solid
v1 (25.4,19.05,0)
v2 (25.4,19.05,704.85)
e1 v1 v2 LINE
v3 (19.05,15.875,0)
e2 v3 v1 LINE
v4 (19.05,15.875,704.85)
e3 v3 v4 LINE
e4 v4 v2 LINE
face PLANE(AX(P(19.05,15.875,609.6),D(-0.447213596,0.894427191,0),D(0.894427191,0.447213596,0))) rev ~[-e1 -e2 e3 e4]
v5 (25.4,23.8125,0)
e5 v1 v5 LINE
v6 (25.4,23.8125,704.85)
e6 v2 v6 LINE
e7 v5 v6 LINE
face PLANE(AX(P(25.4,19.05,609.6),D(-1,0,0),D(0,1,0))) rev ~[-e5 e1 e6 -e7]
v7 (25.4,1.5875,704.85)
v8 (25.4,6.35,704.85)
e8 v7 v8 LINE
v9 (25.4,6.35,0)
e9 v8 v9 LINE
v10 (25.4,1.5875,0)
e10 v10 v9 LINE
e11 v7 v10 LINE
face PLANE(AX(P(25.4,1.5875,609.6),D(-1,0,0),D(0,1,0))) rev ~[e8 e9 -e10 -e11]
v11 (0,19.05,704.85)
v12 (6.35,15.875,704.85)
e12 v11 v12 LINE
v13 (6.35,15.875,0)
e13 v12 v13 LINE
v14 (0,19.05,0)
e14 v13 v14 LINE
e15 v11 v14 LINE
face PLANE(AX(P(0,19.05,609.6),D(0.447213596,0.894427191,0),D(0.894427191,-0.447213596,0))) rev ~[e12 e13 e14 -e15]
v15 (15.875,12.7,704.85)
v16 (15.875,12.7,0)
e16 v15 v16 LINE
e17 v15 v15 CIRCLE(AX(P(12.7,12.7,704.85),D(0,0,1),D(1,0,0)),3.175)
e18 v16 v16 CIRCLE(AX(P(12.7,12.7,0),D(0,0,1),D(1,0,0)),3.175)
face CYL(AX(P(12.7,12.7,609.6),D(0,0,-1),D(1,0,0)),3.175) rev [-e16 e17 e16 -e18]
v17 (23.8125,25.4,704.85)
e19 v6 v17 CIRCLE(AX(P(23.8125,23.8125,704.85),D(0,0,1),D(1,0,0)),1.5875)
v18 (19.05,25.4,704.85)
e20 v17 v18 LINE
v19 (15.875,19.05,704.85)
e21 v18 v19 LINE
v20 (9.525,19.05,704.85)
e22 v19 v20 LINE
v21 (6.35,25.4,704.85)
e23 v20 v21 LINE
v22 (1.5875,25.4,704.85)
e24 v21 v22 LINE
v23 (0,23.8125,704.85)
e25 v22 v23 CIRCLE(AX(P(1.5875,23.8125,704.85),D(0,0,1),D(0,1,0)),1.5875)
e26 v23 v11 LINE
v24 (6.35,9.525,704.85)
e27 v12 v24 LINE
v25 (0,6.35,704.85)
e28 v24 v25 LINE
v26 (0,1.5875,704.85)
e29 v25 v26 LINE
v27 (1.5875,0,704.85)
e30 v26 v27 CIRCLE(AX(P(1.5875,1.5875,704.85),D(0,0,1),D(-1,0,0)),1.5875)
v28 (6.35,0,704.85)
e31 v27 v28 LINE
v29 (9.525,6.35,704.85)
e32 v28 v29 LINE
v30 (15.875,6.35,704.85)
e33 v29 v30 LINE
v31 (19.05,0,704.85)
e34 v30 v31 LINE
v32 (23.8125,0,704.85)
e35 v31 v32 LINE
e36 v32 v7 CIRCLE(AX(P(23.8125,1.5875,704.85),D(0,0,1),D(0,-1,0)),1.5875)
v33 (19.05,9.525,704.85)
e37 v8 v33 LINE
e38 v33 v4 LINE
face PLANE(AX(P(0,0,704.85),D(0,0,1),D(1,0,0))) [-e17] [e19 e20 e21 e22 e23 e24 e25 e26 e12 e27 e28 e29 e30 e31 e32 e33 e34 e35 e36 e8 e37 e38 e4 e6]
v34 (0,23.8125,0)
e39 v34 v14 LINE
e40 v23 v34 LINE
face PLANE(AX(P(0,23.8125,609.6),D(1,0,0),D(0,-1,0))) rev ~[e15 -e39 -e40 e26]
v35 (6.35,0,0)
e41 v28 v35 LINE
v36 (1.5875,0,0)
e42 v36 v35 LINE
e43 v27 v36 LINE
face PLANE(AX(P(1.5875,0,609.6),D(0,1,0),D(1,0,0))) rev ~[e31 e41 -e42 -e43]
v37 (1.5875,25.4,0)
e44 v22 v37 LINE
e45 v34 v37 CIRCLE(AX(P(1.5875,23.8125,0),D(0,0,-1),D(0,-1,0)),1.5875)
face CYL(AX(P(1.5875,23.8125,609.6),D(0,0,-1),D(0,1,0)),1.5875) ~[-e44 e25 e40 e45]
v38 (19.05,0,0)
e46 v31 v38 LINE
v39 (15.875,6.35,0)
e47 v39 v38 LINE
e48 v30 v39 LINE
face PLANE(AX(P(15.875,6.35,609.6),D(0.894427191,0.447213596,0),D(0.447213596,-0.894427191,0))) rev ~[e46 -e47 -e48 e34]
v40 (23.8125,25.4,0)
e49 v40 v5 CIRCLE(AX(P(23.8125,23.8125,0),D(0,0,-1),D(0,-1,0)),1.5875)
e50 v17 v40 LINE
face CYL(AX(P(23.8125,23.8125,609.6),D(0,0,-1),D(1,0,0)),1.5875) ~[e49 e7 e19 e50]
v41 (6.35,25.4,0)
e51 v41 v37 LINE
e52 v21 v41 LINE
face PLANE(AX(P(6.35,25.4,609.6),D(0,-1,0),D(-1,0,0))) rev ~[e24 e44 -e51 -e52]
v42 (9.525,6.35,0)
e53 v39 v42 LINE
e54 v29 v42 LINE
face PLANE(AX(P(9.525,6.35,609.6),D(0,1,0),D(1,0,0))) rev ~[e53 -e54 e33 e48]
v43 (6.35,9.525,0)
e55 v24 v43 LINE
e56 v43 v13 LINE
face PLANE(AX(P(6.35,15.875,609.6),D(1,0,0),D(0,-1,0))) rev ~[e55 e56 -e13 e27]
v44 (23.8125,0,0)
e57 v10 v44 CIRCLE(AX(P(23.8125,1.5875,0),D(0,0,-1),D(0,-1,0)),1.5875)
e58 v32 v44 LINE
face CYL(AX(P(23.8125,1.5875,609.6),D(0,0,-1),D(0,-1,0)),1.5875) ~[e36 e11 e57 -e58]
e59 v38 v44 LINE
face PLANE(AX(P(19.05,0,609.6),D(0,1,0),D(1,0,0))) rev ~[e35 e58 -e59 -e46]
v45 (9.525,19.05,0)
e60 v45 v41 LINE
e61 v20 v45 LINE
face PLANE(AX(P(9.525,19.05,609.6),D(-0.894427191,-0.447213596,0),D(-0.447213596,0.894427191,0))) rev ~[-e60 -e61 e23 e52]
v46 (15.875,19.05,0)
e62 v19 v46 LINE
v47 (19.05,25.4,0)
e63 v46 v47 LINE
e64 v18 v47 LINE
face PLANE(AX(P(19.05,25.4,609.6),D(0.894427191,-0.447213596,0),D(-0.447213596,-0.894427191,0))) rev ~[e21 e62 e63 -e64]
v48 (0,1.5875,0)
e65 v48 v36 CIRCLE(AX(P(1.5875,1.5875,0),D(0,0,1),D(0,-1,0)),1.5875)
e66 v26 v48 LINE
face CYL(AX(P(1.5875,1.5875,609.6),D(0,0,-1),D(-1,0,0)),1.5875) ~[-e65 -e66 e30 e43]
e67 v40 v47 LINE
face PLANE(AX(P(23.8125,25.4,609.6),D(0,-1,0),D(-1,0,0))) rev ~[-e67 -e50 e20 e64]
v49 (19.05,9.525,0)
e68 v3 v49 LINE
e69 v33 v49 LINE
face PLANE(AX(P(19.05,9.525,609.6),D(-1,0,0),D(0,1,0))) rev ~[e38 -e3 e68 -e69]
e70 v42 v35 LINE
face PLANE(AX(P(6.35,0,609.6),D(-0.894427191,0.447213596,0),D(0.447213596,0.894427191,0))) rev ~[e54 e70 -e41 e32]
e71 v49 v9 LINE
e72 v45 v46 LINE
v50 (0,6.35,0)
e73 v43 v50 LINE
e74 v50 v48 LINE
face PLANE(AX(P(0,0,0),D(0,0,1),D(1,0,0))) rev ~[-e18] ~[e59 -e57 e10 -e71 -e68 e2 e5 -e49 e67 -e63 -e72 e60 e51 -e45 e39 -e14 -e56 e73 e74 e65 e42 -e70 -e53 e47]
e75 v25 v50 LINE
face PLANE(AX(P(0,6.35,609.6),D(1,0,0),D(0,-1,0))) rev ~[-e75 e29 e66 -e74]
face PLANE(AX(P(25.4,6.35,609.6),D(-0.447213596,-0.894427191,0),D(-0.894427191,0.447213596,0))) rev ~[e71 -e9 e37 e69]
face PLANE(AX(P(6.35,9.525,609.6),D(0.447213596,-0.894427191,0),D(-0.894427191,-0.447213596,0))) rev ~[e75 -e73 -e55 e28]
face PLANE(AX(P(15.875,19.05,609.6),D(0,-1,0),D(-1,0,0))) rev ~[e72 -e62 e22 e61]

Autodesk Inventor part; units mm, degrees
ref_plane "YZ Plane" through (0, 0, 0) normal (1, 0, 0) x (0, 1, 0)
ref_plane "XZ Plane" through (0, 0, 0) normal (0, 1, 0) x (-1, 0, 0)
ref_plane "XY Plane" through (0, 0, 0) normal (0, 0, 1) x (1, 0, 0)
sketch "Sketch1" plane through (0, 0, 0) normal (0, 0, 1) x (1, 0, 0)
  line L0 (0, 0) -> (25.4, 0)
  line L1 (25.4, 0) -> (25.4, 25.4)
  line L2 (25.4, 25.4) -> (0, 25.4)
  line L3 (0, 25.4) -> (0, 0)
  circle A0 centre (12.7, 12.7) radius 3.175
  dimension "d0" = 25.4
  dimension "d1" = 25.4
  dimension "d2" = 6.35
  dimension "d7" = 12.7
  dimension "d8" = 12.7
extrude "Extrusion1" add sketch "Sketch1" along normal blind 609.6
sketch "Sketch2" plane through (0, 0, 609.6) normal (0, 0, 1) x (1, 0, 0)
  line L0 (25.4, 25.4) -> (0, 25.4) projected
  line L1 (0, 25.4) -> (0, 0) projected
  circle A0 centre (12.7, 12.7) radius 3.175 projected
  line L2 (0, 0) -> (25.4, 0) projected
  line L3 (25.4, 0) -> (25.4, 25.4) projected
  line L4 (25.4, 25.4) -> (0, 25.4) projected
  line L5 (0, 25.4) -> (0, 0) projected
  line L6 (12.7, 19.05) -> (9.525, 19.05)
  line L7 (9.525, 19.05) -> (15.875, 19.05)
  line L8 (15.875, 19.05) -> (19.05, 25.4)
  line L9 (9.525, 19.05) -> (6.35, 25.4)
  dimension "d13" = 6.35
  dimension "d14" = 6.35
  dimension "d15" = 3.175
  dimension "d16" = 6.35
fillet "Fillet1" radius 1.5875 4 edges at (25.4, 25.4, 304.8) (0, 25.4, 304.8) (25.4, 0, 304.8) (0, 0, 304.8)
extrude "Extrusion2" cut sketch "Sketch2" against normal blind 609.6 contours L8 L7 L6 L9 L0
pattern_circular "Circular Pattern1" count 4 over 360 about axis through (12.7, 12.7, 0) along (0, 0, 1) of "Extrusion2"
sketch "Sketch3" plane through (0, 0, 609.6) normal (0, 0, 1) x (1, 0, 0)
  line L0 (19.05, 15.875) -> (25.4, 19.05) projected
  line L1 (25.4, 19.05) -> (25.4, 23.8125) projected
  arc A0 (25.4, 23.8125) -> (23.8125, 25.4) centre (23.8125, 23.8125) ccw projected
  line L2 (23.8125, 25.4) -> (19.05, 25.4) projected
  line L3 (19.05, 25.4) -> (15.875, 19.05) projected
  line L4 (15.875, 19.05) -> (9.525, 19.05) projected
  line L5 (9.525, 19.05) -> (6.35, 25.4) projected
  line L6 (6.35, 25.4) -> (1.5875, 25.4) projected
  arc A1 (1.5875, 25.4) -> (0, 23.8125) centre (1.5875, 23.8125) ccw projected
  line L7 (0, 23.8125) -> (0, 19.05) projected
  line L8 (0, 19.05) -> (6.35, 15.875) projected
  line L9 (6.35, 15.875) -> (6.35, 9.525) projected
  line L10 (6.35, 9.525) -> (0, 6.35) projected
  line L11 (0, 6.35) -> (0, 1.5875) projected
  arc A2 (0, 1.5875) -> (1.5875, 0) centre (1.5875, 1.5875) ccw projected
  line L12 (1.5875, 0) -> (6.35, 0) projected
  line L13 (6.35, 0) -> (9.525, 6.35) projected
  line L14 (9.525, 6.35) -> (15.875, 6.35) projected
  line L15 (15.875, 6.35) -> (19.05, 0) projected
  line L16 (19.05, 0) -> (23.8125, 0) projected
  arc A3 (23.8125, 0) -> (25.4, 1.5875) centre (23.8125, 1.5875) ccw projected
  line L17 (25.4, 1.5875) -> (25.4, 6.35) projected
  line L18 (25.4, 6.35) -> (19.05, 9.525) projected
  line L19 (19.05, 9.525) -> (19.05, 15.875) projected
  circle A4 centre (12.7, 12.7) radius 3.175 projected
  point P0 (0, 0)
extrude "Extrusion3" add sketch "Sketch3" along normal blind 95.25
properties part number "Mock 8020 27.75in" material "Aluminum 6061"
